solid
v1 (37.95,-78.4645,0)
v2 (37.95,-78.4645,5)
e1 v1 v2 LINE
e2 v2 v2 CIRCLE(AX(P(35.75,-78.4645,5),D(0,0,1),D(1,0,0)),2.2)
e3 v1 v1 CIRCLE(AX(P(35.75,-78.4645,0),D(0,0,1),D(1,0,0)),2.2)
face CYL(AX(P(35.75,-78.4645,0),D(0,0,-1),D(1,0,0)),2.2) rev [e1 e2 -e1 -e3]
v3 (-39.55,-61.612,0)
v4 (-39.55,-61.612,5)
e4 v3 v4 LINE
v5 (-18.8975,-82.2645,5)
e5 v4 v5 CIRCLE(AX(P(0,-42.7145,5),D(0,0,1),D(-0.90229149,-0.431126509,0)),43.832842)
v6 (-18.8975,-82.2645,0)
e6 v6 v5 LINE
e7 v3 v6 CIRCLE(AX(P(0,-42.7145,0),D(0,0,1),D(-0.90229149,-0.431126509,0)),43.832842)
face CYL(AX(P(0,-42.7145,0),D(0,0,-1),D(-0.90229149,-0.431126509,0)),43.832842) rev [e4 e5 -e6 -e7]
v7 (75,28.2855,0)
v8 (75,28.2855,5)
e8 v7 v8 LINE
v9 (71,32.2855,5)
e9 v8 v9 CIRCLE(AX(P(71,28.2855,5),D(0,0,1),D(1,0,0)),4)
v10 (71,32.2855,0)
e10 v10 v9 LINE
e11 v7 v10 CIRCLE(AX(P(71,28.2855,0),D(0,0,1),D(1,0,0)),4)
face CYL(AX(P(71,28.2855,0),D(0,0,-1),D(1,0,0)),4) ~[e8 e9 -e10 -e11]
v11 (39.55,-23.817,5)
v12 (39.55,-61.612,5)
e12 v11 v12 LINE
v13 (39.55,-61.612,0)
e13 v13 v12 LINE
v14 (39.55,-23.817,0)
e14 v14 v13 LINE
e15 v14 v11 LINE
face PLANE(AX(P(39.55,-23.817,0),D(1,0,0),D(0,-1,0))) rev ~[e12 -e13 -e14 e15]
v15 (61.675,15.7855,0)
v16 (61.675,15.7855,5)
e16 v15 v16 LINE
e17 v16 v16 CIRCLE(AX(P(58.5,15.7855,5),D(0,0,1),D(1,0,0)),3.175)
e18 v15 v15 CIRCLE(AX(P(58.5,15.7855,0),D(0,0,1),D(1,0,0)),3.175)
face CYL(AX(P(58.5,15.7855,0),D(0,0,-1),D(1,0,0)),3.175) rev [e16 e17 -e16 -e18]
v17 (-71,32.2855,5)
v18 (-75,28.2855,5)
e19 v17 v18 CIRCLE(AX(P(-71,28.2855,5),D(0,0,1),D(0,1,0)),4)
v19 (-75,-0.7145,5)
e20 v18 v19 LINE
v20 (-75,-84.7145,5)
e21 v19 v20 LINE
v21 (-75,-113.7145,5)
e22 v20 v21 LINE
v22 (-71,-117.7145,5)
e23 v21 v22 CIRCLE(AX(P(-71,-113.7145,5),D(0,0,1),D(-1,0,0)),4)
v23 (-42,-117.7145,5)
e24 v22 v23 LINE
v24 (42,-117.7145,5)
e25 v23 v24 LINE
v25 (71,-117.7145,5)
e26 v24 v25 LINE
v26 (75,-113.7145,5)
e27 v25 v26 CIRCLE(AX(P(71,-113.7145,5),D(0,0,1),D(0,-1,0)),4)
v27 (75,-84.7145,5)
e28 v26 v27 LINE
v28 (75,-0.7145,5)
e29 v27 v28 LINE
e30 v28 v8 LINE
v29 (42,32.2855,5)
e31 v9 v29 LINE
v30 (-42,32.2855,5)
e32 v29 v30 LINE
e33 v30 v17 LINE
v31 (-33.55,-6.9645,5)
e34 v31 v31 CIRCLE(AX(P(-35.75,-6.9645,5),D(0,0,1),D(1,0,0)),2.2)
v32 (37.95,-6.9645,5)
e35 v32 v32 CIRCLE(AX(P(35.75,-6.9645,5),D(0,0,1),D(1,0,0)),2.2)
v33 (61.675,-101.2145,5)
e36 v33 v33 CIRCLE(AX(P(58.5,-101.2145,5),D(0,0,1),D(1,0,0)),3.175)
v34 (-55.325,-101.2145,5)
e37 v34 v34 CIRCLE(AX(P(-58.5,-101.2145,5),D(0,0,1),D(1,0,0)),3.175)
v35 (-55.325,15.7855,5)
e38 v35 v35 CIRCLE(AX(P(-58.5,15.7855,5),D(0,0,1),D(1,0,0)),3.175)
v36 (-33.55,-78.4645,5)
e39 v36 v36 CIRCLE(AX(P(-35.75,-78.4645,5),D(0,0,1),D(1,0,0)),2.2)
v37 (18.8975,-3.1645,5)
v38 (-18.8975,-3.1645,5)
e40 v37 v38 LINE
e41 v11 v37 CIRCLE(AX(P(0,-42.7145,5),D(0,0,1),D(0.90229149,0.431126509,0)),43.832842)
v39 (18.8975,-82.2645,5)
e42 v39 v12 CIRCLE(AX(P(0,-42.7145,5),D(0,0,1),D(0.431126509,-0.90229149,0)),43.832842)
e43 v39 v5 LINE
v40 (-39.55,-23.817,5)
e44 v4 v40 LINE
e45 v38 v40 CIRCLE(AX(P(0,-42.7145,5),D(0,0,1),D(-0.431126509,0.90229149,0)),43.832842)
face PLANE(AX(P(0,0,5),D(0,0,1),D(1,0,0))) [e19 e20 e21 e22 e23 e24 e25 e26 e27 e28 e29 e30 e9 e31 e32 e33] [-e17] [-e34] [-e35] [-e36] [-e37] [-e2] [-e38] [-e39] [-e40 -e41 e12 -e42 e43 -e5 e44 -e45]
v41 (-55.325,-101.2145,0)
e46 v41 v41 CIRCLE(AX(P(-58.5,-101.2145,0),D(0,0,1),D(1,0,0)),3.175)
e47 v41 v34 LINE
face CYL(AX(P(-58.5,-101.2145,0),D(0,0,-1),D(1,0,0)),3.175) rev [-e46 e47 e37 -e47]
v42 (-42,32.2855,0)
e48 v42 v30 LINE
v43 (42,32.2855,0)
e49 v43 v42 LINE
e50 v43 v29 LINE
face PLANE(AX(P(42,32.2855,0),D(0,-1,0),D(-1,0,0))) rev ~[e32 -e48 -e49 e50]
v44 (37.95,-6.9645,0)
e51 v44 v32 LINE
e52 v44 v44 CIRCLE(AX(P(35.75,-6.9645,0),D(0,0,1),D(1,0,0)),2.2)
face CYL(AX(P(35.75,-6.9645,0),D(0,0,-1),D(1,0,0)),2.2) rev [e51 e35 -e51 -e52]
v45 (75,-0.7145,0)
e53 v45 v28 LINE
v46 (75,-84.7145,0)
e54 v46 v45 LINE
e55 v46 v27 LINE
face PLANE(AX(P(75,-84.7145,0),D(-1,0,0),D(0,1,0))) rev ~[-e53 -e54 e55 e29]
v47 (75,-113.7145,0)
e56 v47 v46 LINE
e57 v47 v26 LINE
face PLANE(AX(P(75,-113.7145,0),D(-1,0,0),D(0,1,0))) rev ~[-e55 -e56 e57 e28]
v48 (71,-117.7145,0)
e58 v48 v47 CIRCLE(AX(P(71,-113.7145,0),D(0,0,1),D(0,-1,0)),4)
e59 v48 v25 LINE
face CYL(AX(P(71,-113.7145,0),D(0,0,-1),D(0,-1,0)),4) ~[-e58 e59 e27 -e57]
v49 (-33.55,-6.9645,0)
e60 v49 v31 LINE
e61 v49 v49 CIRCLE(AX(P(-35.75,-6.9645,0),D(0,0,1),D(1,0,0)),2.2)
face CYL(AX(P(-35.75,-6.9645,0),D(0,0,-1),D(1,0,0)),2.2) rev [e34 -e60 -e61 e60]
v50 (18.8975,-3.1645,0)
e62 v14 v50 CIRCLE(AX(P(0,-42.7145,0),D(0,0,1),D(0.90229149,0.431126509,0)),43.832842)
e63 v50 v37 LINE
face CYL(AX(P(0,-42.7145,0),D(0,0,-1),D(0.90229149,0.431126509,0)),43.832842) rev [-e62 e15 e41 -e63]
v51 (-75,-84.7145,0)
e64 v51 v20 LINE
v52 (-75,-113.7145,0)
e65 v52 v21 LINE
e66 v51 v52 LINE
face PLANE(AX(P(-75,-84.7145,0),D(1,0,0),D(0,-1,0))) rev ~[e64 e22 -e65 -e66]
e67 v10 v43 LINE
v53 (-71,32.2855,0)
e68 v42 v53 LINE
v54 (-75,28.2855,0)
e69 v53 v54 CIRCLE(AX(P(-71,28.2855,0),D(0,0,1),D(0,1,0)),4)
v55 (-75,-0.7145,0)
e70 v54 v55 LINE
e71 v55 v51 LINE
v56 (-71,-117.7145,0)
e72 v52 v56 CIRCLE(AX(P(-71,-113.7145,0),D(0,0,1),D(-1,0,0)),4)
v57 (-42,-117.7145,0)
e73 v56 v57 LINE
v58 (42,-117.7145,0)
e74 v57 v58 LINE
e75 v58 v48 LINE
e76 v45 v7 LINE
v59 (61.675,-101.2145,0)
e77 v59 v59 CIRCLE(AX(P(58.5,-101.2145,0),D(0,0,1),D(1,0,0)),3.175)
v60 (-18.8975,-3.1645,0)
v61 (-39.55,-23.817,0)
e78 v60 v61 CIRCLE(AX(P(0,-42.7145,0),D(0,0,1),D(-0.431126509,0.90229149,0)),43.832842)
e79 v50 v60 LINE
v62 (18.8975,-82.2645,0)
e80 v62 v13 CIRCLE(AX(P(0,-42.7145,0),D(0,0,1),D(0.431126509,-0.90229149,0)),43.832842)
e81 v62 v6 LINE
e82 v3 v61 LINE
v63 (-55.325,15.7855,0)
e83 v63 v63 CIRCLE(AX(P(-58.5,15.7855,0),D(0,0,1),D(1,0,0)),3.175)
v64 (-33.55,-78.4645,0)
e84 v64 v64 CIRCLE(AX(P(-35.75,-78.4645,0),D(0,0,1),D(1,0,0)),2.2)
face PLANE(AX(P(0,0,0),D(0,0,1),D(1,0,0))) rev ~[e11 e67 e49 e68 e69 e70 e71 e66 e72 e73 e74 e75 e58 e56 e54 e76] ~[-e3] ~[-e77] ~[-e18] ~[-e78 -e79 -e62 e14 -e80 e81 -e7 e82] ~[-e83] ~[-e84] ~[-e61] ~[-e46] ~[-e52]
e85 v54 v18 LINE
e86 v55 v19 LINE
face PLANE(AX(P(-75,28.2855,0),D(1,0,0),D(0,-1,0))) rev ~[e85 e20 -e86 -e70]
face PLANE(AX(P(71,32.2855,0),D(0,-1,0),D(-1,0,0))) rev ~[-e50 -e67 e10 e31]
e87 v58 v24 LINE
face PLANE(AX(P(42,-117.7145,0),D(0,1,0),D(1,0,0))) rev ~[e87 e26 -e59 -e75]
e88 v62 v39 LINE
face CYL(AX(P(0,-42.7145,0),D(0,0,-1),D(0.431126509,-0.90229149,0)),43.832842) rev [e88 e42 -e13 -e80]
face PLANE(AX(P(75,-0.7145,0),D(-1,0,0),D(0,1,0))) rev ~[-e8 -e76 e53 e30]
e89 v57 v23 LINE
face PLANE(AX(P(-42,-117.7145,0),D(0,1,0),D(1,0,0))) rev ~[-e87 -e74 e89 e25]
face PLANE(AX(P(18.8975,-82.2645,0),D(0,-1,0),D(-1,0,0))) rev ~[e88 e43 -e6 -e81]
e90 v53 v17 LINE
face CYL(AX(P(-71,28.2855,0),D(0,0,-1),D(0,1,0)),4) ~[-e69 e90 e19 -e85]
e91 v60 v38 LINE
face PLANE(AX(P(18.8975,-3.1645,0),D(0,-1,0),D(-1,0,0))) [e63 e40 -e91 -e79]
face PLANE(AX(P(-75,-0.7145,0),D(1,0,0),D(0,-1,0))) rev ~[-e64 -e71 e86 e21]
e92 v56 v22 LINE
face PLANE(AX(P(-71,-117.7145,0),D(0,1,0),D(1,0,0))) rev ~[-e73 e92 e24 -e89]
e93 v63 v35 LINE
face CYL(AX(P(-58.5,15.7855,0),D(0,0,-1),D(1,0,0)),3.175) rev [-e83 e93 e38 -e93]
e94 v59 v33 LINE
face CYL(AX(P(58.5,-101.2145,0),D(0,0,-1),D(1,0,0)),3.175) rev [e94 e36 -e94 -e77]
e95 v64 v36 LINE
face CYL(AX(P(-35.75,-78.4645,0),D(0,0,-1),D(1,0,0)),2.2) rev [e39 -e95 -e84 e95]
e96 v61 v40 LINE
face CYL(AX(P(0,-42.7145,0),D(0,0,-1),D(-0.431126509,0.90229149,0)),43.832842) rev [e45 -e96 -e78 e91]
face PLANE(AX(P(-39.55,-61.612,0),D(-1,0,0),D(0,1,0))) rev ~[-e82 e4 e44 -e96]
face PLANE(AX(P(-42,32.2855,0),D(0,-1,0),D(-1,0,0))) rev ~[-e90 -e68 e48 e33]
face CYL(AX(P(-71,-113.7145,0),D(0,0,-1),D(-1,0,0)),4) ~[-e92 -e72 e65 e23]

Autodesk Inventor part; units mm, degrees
ref_plane "YZ Plane" through (0, 0, 0) normal (1, 0, 0) x (0, 1, 0)
ref_plane "XZ Plane" through (0, 0, 0) normal (0, 1, 0) x (-1, 0, 0)
ref_plane "XY Plane" through (0, 0, 0) normal (0, 0, 1) x (1, 0, 0)
sketch "Boceto1" plane through (0, 0, 0) normal (0, 0, 1) x (1, 0, 0)
  line L0 (71, 32.2855) -> (-71, 32.2855)
  line L1 (-75, 28.2855) -> (-75, -113.7145)
  line L2 (-71, -117.7145) -> (71, -117.7145)
  line L3 (75, -113.7145) -> (75, 28.2855)
  line L4 (75, 32.2855) -> (-75, -117.7145) construction
  line L5 (-75, 32.2855) -> (75, -117.7145) construction
  circle A0 centre (35.75, -6.9645) radius 2.2 projected
  circle A1 centre (35.75, -78.4645) radius 2.2 projected
  circle A2 centre (-35.75, -78.4645) radius 2.2 projected
  circle A3 centre (-35.75, -6.9645) radius 2.2 projected
  arc A4 (39.55, -23.817) -> (18.8975, -3.1645) centre (0, -42.7145) ccw projected
  arc A5 (18.8975, -82.2645) -> (39.55, -61.612) centre (0, -42.7145) ccw projected
  arc A6 (-39.55, -61.612) -> (-18.8975, -82.2645) centre (0, -42.7145) ccw projected
  arc A7 (-18.8975, -3.1645) -> (-39.55, -23.817) centre (0, -42.7145) ccw projected
  line L6 (18.8975, -3.1645) -> (-18.8975, -3.1645)
  line L7 (39.55, -23.817) -> (39.55, -61.612)
  line L8 (18.8975, -82.2645) -> (-18.8975, -82.2645)
  line L9 (-39.55, -61.612) -> (-39.55, -23.817)
  line L10 (71, -117.7145) -> (42, -117.7145)
  line L11 (75, -84.7145) -> (75, -113.7145)
  line L12 (71, 32.2855) -> (42, 32.2855)
  line L13 (75, -0.7145) -> (75, 28.2855)
  line L14 (-71, 32.2855) -> (-42, 32.2855)
  line L15 (-75, -0.7145) -> (-75, 28.2855)
  line L16 (-71, -117.7145) -> (-42, -117.7145)
  line L17 (-75, -84.7145) -> (-75, -113.7145)
  line L18 (42, 32.2855) -> (75, -0.7145) construction
  line L19 (75, -84.7145) -> (42, -117.7145) construction
  line L20 (-75, -84.7145) -> (-42, -117.7145) construction
  line L21 (-42, 32.2855) -> (-75, -0.7145) construction
  circle A8 centre (-58.5, 15.7855) radius 3.175
  circle A9 centre (-58.5, -101.2145) radius 3.175
  circle A10 centre (58.5, 15.7855) radius 3.175
  circle A11 centre (58.5, -101.2145) radius 3.175
  arc A12 (75, 28.2855) -> (71, 32.2855) centre (71, 28.2855) ccw
  arc A13 (71, -117.7145) -> (75, -113.7145) centre (71, -113.7145) ccw
  arc A14 (-75, -113.7145) -> (-71, -117.7145) centre (-71, -113.7145) ccw
  arc A15 (-71, 32.2855) -> (-75, 28.2855) centre (-71, 28.2855) ccw
  arc A16 (18.8975, -82.2645) -> (39.55, -61.612) centre (0, -42.7145) ccw
  arc A17 (-39.55, -61.612) -> (-18.8975, -82.2645) centre (0, -42.7145) ccw
  arc A18 (39.55, -23.817) -> (18.8975, -3.1645) centre (0, -42.7145) ccw
  arc A19 (-18.8975, -3.1645) -> (-39.55, -23.817) centre (0, -42.7145) ccw
  point P0 (0, 0)
  dimension "d10" = 6.35
  dimension "d11" = 6.35
  dimension "d12" = 6.35
  dimension "d13" = 6.35
  dimension "d14" = 4
extrude "Extrusión1" add sketch "Boceto1" along normal blind 5
properties part number "TablaSoporte1" material "Madera (abedul)"
